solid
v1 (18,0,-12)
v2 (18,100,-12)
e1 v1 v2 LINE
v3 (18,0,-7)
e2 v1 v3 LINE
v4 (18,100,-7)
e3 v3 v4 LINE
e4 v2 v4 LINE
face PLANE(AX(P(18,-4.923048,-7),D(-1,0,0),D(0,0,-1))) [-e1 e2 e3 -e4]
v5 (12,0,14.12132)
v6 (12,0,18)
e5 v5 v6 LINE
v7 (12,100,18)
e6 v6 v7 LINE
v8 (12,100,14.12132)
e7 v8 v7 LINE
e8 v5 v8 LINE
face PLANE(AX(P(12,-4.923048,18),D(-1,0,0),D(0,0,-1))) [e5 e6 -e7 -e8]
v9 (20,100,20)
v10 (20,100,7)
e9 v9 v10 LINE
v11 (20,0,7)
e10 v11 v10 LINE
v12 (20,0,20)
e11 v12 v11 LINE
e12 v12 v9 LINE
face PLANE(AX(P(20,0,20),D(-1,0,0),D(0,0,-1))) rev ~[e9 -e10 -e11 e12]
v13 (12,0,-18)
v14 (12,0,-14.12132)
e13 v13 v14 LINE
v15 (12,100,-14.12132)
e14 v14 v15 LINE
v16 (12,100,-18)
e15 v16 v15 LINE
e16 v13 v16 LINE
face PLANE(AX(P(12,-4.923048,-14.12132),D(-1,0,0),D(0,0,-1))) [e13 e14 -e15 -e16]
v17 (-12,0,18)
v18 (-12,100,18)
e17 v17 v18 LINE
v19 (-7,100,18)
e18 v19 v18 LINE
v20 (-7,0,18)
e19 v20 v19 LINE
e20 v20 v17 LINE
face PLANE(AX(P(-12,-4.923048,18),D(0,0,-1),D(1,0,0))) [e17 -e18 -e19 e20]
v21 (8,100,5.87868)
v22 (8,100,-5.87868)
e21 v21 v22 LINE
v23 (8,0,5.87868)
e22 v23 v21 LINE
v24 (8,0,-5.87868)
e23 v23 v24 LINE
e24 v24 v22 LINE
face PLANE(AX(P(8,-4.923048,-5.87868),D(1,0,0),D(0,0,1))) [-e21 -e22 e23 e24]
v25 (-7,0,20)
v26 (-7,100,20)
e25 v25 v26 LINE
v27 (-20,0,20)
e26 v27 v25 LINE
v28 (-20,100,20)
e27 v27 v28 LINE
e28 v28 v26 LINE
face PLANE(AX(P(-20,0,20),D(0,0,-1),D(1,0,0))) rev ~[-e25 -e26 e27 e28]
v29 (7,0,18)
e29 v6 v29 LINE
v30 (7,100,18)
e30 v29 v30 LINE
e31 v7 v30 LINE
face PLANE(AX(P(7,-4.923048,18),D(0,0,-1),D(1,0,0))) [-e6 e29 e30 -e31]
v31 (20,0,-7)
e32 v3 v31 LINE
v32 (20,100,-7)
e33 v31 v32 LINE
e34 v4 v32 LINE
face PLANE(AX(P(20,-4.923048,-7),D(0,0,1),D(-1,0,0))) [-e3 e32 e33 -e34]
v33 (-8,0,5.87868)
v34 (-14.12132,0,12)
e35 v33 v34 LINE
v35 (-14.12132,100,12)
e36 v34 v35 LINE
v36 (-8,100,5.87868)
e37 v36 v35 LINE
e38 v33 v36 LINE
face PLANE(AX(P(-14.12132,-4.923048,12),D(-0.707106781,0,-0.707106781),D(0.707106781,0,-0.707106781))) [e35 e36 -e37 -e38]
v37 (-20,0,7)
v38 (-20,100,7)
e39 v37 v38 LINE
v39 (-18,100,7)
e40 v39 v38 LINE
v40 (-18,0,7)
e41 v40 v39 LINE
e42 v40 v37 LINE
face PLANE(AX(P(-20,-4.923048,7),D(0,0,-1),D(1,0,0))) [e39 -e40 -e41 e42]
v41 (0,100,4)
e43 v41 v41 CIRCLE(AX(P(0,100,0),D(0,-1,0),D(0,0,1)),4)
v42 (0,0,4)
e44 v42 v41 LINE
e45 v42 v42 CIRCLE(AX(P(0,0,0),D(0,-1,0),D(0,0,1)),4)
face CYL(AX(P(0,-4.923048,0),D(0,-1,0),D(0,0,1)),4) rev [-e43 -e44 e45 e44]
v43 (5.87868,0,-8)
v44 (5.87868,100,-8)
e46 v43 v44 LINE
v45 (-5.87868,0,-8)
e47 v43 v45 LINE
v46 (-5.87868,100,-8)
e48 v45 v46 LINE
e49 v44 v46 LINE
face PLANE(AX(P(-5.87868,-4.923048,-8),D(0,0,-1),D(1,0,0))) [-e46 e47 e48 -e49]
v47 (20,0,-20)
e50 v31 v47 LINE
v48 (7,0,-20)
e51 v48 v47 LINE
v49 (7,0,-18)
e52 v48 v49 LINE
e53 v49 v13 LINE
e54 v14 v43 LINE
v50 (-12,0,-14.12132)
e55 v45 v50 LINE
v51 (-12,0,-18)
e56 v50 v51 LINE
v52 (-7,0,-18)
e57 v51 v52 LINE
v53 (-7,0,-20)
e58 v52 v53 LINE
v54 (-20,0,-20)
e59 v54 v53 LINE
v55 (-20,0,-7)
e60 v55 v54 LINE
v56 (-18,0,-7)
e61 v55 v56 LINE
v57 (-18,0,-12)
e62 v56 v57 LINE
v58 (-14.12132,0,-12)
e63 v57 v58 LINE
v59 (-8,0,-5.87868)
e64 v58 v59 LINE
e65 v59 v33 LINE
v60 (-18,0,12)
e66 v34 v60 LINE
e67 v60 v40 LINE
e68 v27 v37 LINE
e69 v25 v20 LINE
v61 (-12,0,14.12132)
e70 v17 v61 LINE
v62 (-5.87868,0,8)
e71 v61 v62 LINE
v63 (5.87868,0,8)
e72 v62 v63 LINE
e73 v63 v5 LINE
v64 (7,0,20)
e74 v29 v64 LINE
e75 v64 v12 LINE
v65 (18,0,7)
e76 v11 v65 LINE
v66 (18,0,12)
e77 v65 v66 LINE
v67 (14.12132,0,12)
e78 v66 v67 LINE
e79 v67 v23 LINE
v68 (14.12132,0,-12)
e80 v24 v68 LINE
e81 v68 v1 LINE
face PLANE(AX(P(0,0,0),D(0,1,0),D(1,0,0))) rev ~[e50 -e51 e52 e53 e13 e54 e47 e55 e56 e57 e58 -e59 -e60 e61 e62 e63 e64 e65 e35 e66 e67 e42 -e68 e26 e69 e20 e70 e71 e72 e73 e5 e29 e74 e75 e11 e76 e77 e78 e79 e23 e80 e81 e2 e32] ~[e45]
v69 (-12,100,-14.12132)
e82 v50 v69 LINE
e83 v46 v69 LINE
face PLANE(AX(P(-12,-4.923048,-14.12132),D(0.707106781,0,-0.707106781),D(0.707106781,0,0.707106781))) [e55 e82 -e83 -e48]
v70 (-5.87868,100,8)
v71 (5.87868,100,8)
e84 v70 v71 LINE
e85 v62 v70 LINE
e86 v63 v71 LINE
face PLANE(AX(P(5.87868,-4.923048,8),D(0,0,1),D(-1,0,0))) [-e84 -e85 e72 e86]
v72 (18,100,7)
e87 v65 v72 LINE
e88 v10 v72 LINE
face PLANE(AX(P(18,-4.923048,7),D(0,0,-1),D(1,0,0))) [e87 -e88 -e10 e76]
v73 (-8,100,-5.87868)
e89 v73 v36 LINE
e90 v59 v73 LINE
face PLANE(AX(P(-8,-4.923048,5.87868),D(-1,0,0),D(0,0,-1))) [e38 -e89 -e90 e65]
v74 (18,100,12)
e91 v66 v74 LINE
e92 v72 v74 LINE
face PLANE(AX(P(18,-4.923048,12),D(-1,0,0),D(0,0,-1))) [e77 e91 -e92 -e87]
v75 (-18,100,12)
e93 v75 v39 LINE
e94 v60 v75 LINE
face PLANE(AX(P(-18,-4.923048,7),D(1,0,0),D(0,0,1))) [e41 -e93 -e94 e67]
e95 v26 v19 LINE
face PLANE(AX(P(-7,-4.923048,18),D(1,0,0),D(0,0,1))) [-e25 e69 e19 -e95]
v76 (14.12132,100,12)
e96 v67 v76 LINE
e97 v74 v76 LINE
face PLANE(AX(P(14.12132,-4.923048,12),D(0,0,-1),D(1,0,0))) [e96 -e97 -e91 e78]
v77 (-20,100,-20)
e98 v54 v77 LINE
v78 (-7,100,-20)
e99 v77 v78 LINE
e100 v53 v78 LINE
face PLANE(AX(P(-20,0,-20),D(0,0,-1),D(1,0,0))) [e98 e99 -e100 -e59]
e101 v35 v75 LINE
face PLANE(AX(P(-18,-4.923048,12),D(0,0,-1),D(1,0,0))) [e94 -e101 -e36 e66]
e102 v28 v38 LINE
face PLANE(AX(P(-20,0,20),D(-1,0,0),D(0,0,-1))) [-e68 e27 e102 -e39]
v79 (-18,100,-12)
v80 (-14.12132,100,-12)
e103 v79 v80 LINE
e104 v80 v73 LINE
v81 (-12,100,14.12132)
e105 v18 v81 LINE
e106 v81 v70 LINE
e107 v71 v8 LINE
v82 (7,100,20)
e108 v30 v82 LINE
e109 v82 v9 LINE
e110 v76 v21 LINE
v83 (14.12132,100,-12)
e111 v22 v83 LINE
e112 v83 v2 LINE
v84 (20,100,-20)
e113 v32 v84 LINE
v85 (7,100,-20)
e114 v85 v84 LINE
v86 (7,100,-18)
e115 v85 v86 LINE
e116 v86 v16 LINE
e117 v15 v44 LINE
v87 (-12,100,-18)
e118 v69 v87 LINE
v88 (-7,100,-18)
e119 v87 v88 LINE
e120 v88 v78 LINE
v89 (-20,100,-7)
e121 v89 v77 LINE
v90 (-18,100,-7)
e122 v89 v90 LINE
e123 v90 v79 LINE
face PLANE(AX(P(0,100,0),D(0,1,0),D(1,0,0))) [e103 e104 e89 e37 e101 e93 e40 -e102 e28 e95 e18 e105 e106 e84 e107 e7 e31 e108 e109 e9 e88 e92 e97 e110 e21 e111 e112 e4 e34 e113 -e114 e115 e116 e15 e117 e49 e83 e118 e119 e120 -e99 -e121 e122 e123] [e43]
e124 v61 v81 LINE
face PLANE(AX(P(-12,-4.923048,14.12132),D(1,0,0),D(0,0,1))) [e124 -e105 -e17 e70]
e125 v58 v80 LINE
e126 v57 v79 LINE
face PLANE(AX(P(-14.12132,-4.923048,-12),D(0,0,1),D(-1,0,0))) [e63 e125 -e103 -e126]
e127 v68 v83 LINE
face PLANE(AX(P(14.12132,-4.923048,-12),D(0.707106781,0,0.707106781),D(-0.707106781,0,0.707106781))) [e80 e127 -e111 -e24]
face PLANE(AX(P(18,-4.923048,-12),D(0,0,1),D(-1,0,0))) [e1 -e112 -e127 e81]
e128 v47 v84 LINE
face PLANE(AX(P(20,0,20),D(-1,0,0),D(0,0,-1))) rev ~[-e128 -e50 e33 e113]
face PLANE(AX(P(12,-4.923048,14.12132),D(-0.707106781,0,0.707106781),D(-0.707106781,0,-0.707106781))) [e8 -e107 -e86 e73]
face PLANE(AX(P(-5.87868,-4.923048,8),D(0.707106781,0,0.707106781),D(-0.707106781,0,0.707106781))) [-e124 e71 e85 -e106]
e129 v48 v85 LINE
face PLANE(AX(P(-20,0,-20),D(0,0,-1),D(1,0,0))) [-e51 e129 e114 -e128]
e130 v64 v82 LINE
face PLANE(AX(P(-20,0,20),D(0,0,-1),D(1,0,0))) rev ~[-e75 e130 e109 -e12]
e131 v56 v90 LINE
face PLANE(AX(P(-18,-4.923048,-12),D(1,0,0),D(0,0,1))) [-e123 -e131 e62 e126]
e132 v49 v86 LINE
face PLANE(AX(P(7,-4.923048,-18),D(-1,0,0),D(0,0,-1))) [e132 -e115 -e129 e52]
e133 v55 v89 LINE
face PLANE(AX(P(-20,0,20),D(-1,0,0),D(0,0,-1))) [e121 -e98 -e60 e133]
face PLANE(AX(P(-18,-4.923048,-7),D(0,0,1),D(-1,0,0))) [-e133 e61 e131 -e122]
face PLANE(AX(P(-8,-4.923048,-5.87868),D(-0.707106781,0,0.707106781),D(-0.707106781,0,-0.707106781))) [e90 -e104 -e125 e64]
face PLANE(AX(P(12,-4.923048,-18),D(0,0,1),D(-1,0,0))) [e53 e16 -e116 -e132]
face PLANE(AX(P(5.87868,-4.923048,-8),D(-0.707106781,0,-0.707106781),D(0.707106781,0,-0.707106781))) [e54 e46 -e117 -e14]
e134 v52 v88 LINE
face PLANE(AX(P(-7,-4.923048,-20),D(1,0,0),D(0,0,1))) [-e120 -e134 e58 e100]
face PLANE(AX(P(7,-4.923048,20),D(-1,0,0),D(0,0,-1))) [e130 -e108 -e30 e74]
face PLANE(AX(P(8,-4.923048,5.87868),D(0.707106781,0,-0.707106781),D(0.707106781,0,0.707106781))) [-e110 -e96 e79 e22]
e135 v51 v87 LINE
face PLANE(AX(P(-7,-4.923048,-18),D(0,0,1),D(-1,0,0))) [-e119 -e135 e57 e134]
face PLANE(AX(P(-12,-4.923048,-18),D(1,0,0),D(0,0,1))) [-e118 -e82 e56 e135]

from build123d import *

# Parameters (mm, degrees)
SKETCH1_W               = 40
SKETCH1_H               = 40
BOSS_EXTRUDE1_DEPTH     = 100
CUT_EXTRUDE1_DEPTH      = 104.923048454
CUT_EXTRUDE1_DEPTH_BACK = 104.923048454
SKETCH2_R               = 4


with BuildPart() as part:
    # Sketch1 → Boss-Extrude1 (new body)
    with BuildSketch(Plane(origin=(0, 0, 0), x_dir=(1, 0, 0), z_dir=(0, 1, 0))):
        Rectangle(SKETCH1_W, SKETCH1_H)
    extrude(amount=BOSS_EXTRUDE1_DEPTH)

    # Sketch2 → Cut-Extrude1 (cut, two sides: drawn at the far end of the back side and taken through both)
    with BuildSketch(Plane(origin=(0, 100, 0), x_dir=(1, 0, 0), z_dir=(0, 1, 0)).offset(-CUT_EXTRUDE1_DEPTH_BACK)):
        with Locations(Location((0, 0, 0), (0, 0, 270))):
            Circle(SKETCH2_R)
        Polygon((-7, 20), (-7, 18), (-12, 18), (-12, 14.121320344), (-5.878679656, 8), (5.878679656, 8), (12, 14.121320344), (12, 18), (7, 18), (7, 20), align=None)
        Polygon((20, 7), (18, 7), (18, 12), (14.121320344, 12), (8, 5.878679656), (8, -5.878679656), (14.121320344, -12), (18, -12), (18, -7), (20, -7), align=None)
        Polygon((7, -20), (7, -18), (12, -18), (12, -14.121320344), (5.878679656, -8), (-5.878679656, -8), (-12, -14.121320344), (-12, -18), (-7, -18), (-7, -20), align=None)
        Polygon((-20, -7), (-18, -7), (-18, -12), (-14.121320344, -12), (-8, -5.878679656), (-8, 5.878679656), (-14.121320344, 12), (-18, 12), (-18, 7), (-20, 7), align=None)
    extrude(amount=CUT_EXTRUDE1_DEPTH + CUT_EXTRUDE1_DEPTH_BACK, mode=Mode.SUBTRACT)


solid = part.part
